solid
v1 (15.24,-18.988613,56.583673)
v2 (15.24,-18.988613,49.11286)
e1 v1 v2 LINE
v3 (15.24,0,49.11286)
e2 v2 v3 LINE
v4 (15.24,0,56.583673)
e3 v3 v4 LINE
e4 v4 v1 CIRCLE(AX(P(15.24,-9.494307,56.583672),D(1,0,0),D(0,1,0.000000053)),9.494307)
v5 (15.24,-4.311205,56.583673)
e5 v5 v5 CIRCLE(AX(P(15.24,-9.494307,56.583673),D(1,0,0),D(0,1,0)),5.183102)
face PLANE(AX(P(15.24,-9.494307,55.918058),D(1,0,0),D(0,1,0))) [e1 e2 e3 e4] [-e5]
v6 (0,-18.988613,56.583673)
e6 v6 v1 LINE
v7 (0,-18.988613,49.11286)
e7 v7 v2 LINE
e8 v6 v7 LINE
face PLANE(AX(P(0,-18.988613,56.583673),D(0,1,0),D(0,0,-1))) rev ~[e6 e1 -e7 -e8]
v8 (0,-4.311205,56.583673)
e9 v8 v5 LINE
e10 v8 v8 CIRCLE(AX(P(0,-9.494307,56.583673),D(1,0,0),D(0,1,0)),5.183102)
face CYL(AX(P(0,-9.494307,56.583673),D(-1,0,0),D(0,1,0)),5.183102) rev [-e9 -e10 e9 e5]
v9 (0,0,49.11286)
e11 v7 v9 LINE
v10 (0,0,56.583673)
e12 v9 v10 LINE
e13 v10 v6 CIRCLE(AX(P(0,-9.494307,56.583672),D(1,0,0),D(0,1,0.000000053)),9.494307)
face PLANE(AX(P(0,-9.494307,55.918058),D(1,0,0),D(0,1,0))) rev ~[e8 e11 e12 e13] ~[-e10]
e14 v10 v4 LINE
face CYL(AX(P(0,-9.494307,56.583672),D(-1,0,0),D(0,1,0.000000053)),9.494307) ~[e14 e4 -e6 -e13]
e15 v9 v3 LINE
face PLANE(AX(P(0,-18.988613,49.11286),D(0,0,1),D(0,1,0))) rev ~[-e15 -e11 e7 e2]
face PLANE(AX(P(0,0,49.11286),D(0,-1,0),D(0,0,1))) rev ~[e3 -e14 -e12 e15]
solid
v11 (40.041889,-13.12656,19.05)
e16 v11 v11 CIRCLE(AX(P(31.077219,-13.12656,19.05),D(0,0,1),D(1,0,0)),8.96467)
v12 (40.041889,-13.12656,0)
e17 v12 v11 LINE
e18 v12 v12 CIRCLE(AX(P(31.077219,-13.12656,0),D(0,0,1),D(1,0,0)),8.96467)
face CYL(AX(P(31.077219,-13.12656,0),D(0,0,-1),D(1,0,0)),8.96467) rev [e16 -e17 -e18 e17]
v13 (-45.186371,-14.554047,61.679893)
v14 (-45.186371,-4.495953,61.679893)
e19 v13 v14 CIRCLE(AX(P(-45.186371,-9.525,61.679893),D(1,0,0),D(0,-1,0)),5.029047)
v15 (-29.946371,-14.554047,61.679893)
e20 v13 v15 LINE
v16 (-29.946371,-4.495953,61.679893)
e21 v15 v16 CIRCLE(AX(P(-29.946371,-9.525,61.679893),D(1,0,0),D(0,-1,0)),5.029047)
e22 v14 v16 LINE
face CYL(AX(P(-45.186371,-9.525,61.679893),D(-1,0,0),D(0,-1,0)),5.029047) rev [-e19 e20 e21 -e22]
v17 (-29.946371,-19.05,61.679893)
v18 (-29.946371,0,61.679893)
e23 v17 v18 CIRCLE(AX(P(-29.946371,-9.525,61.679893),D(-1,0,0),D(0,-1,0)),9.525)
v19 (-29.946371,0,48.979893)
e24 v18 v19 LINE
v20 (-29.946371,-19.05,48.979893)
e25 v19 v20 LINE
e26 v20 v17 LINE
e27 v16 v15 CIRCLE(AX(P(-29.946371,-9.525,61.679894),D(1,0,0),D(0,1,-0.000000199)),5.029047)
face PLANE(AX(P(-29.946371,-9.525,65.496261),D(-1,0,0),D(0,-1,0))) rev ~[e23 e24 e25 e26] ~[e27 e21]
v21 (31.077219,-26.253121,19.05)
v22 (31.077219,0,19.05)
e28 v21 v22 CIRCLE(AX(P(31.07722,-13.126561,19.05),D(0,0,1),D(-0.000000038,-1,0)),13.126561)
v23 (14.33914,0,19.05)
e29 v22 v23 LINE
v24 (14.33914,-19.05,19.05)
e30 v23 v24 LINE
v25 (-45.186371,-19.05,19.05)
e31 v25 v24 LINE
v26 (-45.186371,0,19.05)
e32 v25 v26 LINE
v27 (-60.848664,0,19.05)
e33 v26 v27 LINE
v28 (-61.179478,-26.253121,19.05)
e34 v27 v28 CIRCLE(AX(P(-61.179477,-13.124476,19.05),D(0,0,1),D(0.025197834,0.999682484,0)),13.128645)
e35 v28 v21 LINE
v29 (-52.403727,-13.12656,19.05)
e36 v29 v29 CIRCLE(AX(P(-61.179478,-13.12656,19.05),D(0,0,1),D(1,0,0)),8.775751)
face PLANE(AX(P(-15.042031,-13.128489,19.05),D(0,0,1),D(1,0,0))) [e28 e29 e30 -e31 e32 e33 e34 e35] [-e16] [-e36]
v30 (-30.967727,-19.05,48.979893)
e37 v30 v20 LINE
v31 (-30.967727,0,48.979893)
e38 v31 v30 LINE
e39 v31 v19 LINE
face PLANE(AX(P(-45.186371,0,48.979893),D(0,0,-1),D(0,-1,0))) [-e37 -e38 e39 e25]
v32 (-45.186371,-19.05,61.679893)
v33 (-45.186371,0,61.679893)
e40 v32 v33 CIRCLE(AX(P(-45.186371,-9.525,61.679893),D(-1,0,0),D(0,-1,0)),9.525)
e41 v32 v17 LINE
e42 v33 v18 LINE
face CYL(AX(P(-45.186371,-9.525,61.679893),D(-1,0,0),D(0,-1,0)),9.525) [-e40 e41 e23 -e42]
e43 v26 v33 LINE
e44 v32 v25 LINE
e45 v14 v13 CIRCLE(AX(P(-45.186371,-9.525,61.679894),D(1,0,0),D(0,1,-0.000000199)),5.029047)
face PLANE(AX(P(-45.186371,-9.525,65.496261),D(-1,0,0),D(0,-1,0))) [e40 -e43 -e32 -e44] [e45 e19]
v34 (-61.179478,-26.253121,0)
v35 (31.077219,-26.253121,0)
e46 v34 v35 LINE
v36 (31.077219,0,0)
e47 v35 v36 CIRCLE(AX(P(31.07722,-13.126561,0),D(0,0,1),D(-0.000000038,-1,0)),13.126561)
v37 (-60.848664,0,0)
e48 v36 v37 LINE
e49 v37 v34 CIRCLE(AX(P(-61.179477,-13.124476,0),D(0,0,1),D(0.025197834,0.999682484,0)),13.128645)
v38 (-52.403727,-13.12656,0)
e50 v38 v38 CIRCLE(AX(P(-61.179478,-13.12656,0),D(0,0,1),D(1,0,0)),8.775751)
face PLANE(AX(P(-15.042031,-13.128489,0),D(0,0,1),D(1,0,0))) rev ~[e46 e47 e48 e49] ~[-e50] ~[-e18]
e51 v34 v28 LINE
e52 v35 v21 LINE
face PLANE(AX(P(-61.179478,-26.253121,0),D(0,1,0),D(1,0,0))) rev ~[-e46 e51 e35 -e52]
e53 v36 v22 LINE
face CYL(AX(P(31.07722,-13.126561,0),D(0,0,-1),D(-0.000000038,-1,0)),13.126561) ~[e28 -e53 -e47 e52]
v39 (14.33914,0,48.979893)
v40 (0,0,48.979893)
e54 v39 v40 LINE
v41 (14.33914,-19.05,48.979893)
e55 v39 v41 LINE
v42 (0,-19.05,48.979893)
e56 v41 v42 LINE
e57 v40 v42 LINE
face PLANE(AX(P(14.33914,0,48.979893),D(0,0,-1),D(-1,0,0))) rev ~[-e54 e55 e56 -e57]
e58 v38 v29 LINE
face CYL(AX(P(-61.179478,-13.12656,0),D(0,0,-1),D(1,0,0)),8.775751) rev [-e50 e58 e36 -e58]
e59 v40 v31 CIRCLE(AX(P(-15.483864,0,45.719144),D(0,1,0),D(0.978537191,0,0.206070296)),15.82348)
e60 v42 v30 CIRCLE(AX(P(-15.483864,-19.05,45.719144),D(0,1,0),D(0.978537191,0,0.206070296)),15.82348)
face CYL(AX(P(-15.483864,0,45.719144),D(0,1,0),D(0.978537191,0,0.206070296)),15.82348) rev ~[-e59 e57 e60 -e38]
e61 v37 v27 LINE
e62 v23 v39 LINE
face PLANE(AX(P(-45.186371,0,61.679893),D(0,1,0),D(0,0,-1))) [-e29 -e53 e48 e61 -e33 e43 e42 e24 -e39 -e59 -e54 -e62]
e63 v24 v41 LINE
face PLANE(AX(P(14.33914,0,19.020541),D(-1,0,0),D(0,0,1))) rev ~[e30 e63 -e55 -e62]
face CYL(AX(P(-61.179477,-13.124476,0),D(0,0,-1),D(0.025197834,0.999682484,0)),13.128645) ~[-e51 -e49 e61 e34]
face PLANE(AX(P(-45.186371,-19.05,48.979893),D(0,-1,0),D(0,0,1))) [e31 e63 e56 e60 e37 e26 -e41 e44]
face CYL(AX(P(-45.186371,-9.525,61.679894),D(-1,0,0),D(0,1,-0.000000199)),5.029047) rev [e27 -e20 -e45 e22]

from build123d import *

# Parameters (mm, degrees)
F0_R     = 8.775751
F0_R_2   = 8.96467
F1_DEPTH = 19.05
F3_DEPTH = 19.05
F4_R     = 5.183102
F5_DEPTH = 15.24
F7_DEPTH = 15.24


with BuildPart() as f1:
    # F0 (on Top) → F1 (new body)
    with BuildSketch(Plane.XY):
        with BuildLine():
            Line((31.077219, 0), (-60.848664, 0))
            ThreePointArc((-60.848664, 0), (-74.30708, -12.959056), (-61.179478, -26.253121))
            Line((-61.179478, -26.253121), (31.077219, -26.253121))
            ThreePointArc((31.077219, -26.253121), (44.20378, -13.12656), (31.077219, 0))
        make_face()
        with Locations((-61.179478, -13.12656)):
            Circle(F0_R, mode=Mode.SUBTRACT)
        with Locations((31.077219, -13.12656)):
            Circle(F0_R_2, mode=Mode.SUBTRACT)
    extrude(amount=F1_DEPTH)

    # F2 (on Front) → F3 (join)
    with BuildSketch(Plane.XZ):
        with BuildLine():
            Line((-45.186371, 48.979893), (-45.186371, 19.020541))
            Line((-45.186371, 19.020541), (14.33914, 19.020541))
            Line((14.33914, 19.020541), (14.33914, 48.979893))
            Line((14.33914, 48.979893), (0, 48.979893))
            ThreePointArc((0, 48.979893), (-15.483864, 29.895664), (-30.967727, 48.979893))
            Line((-30.967727, 48.979893), (-45.186371, 48.979893))
        make_face()
    extrude(amount=F3_DEPTH)

    # F6 (on face) → F7 (join)
    with BuildSketch(Plane(origin=(-45.186371, 0, 0), x_dir=(0, -1, 0), z_dir=(-1, 0, 0))):
        with BuildLine():
            Line((14.554047, 61.679893), (19.05, 61.679893))
            ThreePointArc((19.05, 61.679893), (9.525, 71.204893), (0, 61.679893))
            Line((0, 61.679893), (4.495953, 61.679893))
            ThreePointArc((4.495953, 61.679893), (9.525, 66.708941), (14.554047, 61.679893))
        make_face()
        with BuildLine():
            Line((19.05, 48.979893), (19.05, 61.679893))
            Line((19.05, 61.679893), (14.554047, 61.679893))
            ThreePointArc((14.554047, 61.679893), (9.525, 56.650846), (4.495953, 61.679893))
            Line((4.495953, 61.679893), (0, 61.679893))
            Line((0, 61.679893), (0, 48.979893))
            Line((0, 48.979893), (19.05, 48.979893))
        make_face()
    extrude(amount=-F7_DEPTH)


with BuildPart() as f5:
    # F4 (on Right) → F5 (new body)
    with BuildSketch(Plane.YZ):
        with BuildLine():
            Line((-18.988613, 49.11286), (0, 49.11286))
            Line((0, 49.11286), (0, 56.583673))
            ThreePointArc((0, 56.583673), (-9.494307, 66.077979), (-18.988613, 56.583673))
            Line((-18.988613, 56.583673), (-18.988613, 49.11286))
        make_face()
        with Locations((-9.494307, 56.583673)):
            Circle(F4_R, mode=Mode.SUBTRACT)
    extrude(amount=F5_DEPTH)


solid = Compound([f1.part, f5.part])
